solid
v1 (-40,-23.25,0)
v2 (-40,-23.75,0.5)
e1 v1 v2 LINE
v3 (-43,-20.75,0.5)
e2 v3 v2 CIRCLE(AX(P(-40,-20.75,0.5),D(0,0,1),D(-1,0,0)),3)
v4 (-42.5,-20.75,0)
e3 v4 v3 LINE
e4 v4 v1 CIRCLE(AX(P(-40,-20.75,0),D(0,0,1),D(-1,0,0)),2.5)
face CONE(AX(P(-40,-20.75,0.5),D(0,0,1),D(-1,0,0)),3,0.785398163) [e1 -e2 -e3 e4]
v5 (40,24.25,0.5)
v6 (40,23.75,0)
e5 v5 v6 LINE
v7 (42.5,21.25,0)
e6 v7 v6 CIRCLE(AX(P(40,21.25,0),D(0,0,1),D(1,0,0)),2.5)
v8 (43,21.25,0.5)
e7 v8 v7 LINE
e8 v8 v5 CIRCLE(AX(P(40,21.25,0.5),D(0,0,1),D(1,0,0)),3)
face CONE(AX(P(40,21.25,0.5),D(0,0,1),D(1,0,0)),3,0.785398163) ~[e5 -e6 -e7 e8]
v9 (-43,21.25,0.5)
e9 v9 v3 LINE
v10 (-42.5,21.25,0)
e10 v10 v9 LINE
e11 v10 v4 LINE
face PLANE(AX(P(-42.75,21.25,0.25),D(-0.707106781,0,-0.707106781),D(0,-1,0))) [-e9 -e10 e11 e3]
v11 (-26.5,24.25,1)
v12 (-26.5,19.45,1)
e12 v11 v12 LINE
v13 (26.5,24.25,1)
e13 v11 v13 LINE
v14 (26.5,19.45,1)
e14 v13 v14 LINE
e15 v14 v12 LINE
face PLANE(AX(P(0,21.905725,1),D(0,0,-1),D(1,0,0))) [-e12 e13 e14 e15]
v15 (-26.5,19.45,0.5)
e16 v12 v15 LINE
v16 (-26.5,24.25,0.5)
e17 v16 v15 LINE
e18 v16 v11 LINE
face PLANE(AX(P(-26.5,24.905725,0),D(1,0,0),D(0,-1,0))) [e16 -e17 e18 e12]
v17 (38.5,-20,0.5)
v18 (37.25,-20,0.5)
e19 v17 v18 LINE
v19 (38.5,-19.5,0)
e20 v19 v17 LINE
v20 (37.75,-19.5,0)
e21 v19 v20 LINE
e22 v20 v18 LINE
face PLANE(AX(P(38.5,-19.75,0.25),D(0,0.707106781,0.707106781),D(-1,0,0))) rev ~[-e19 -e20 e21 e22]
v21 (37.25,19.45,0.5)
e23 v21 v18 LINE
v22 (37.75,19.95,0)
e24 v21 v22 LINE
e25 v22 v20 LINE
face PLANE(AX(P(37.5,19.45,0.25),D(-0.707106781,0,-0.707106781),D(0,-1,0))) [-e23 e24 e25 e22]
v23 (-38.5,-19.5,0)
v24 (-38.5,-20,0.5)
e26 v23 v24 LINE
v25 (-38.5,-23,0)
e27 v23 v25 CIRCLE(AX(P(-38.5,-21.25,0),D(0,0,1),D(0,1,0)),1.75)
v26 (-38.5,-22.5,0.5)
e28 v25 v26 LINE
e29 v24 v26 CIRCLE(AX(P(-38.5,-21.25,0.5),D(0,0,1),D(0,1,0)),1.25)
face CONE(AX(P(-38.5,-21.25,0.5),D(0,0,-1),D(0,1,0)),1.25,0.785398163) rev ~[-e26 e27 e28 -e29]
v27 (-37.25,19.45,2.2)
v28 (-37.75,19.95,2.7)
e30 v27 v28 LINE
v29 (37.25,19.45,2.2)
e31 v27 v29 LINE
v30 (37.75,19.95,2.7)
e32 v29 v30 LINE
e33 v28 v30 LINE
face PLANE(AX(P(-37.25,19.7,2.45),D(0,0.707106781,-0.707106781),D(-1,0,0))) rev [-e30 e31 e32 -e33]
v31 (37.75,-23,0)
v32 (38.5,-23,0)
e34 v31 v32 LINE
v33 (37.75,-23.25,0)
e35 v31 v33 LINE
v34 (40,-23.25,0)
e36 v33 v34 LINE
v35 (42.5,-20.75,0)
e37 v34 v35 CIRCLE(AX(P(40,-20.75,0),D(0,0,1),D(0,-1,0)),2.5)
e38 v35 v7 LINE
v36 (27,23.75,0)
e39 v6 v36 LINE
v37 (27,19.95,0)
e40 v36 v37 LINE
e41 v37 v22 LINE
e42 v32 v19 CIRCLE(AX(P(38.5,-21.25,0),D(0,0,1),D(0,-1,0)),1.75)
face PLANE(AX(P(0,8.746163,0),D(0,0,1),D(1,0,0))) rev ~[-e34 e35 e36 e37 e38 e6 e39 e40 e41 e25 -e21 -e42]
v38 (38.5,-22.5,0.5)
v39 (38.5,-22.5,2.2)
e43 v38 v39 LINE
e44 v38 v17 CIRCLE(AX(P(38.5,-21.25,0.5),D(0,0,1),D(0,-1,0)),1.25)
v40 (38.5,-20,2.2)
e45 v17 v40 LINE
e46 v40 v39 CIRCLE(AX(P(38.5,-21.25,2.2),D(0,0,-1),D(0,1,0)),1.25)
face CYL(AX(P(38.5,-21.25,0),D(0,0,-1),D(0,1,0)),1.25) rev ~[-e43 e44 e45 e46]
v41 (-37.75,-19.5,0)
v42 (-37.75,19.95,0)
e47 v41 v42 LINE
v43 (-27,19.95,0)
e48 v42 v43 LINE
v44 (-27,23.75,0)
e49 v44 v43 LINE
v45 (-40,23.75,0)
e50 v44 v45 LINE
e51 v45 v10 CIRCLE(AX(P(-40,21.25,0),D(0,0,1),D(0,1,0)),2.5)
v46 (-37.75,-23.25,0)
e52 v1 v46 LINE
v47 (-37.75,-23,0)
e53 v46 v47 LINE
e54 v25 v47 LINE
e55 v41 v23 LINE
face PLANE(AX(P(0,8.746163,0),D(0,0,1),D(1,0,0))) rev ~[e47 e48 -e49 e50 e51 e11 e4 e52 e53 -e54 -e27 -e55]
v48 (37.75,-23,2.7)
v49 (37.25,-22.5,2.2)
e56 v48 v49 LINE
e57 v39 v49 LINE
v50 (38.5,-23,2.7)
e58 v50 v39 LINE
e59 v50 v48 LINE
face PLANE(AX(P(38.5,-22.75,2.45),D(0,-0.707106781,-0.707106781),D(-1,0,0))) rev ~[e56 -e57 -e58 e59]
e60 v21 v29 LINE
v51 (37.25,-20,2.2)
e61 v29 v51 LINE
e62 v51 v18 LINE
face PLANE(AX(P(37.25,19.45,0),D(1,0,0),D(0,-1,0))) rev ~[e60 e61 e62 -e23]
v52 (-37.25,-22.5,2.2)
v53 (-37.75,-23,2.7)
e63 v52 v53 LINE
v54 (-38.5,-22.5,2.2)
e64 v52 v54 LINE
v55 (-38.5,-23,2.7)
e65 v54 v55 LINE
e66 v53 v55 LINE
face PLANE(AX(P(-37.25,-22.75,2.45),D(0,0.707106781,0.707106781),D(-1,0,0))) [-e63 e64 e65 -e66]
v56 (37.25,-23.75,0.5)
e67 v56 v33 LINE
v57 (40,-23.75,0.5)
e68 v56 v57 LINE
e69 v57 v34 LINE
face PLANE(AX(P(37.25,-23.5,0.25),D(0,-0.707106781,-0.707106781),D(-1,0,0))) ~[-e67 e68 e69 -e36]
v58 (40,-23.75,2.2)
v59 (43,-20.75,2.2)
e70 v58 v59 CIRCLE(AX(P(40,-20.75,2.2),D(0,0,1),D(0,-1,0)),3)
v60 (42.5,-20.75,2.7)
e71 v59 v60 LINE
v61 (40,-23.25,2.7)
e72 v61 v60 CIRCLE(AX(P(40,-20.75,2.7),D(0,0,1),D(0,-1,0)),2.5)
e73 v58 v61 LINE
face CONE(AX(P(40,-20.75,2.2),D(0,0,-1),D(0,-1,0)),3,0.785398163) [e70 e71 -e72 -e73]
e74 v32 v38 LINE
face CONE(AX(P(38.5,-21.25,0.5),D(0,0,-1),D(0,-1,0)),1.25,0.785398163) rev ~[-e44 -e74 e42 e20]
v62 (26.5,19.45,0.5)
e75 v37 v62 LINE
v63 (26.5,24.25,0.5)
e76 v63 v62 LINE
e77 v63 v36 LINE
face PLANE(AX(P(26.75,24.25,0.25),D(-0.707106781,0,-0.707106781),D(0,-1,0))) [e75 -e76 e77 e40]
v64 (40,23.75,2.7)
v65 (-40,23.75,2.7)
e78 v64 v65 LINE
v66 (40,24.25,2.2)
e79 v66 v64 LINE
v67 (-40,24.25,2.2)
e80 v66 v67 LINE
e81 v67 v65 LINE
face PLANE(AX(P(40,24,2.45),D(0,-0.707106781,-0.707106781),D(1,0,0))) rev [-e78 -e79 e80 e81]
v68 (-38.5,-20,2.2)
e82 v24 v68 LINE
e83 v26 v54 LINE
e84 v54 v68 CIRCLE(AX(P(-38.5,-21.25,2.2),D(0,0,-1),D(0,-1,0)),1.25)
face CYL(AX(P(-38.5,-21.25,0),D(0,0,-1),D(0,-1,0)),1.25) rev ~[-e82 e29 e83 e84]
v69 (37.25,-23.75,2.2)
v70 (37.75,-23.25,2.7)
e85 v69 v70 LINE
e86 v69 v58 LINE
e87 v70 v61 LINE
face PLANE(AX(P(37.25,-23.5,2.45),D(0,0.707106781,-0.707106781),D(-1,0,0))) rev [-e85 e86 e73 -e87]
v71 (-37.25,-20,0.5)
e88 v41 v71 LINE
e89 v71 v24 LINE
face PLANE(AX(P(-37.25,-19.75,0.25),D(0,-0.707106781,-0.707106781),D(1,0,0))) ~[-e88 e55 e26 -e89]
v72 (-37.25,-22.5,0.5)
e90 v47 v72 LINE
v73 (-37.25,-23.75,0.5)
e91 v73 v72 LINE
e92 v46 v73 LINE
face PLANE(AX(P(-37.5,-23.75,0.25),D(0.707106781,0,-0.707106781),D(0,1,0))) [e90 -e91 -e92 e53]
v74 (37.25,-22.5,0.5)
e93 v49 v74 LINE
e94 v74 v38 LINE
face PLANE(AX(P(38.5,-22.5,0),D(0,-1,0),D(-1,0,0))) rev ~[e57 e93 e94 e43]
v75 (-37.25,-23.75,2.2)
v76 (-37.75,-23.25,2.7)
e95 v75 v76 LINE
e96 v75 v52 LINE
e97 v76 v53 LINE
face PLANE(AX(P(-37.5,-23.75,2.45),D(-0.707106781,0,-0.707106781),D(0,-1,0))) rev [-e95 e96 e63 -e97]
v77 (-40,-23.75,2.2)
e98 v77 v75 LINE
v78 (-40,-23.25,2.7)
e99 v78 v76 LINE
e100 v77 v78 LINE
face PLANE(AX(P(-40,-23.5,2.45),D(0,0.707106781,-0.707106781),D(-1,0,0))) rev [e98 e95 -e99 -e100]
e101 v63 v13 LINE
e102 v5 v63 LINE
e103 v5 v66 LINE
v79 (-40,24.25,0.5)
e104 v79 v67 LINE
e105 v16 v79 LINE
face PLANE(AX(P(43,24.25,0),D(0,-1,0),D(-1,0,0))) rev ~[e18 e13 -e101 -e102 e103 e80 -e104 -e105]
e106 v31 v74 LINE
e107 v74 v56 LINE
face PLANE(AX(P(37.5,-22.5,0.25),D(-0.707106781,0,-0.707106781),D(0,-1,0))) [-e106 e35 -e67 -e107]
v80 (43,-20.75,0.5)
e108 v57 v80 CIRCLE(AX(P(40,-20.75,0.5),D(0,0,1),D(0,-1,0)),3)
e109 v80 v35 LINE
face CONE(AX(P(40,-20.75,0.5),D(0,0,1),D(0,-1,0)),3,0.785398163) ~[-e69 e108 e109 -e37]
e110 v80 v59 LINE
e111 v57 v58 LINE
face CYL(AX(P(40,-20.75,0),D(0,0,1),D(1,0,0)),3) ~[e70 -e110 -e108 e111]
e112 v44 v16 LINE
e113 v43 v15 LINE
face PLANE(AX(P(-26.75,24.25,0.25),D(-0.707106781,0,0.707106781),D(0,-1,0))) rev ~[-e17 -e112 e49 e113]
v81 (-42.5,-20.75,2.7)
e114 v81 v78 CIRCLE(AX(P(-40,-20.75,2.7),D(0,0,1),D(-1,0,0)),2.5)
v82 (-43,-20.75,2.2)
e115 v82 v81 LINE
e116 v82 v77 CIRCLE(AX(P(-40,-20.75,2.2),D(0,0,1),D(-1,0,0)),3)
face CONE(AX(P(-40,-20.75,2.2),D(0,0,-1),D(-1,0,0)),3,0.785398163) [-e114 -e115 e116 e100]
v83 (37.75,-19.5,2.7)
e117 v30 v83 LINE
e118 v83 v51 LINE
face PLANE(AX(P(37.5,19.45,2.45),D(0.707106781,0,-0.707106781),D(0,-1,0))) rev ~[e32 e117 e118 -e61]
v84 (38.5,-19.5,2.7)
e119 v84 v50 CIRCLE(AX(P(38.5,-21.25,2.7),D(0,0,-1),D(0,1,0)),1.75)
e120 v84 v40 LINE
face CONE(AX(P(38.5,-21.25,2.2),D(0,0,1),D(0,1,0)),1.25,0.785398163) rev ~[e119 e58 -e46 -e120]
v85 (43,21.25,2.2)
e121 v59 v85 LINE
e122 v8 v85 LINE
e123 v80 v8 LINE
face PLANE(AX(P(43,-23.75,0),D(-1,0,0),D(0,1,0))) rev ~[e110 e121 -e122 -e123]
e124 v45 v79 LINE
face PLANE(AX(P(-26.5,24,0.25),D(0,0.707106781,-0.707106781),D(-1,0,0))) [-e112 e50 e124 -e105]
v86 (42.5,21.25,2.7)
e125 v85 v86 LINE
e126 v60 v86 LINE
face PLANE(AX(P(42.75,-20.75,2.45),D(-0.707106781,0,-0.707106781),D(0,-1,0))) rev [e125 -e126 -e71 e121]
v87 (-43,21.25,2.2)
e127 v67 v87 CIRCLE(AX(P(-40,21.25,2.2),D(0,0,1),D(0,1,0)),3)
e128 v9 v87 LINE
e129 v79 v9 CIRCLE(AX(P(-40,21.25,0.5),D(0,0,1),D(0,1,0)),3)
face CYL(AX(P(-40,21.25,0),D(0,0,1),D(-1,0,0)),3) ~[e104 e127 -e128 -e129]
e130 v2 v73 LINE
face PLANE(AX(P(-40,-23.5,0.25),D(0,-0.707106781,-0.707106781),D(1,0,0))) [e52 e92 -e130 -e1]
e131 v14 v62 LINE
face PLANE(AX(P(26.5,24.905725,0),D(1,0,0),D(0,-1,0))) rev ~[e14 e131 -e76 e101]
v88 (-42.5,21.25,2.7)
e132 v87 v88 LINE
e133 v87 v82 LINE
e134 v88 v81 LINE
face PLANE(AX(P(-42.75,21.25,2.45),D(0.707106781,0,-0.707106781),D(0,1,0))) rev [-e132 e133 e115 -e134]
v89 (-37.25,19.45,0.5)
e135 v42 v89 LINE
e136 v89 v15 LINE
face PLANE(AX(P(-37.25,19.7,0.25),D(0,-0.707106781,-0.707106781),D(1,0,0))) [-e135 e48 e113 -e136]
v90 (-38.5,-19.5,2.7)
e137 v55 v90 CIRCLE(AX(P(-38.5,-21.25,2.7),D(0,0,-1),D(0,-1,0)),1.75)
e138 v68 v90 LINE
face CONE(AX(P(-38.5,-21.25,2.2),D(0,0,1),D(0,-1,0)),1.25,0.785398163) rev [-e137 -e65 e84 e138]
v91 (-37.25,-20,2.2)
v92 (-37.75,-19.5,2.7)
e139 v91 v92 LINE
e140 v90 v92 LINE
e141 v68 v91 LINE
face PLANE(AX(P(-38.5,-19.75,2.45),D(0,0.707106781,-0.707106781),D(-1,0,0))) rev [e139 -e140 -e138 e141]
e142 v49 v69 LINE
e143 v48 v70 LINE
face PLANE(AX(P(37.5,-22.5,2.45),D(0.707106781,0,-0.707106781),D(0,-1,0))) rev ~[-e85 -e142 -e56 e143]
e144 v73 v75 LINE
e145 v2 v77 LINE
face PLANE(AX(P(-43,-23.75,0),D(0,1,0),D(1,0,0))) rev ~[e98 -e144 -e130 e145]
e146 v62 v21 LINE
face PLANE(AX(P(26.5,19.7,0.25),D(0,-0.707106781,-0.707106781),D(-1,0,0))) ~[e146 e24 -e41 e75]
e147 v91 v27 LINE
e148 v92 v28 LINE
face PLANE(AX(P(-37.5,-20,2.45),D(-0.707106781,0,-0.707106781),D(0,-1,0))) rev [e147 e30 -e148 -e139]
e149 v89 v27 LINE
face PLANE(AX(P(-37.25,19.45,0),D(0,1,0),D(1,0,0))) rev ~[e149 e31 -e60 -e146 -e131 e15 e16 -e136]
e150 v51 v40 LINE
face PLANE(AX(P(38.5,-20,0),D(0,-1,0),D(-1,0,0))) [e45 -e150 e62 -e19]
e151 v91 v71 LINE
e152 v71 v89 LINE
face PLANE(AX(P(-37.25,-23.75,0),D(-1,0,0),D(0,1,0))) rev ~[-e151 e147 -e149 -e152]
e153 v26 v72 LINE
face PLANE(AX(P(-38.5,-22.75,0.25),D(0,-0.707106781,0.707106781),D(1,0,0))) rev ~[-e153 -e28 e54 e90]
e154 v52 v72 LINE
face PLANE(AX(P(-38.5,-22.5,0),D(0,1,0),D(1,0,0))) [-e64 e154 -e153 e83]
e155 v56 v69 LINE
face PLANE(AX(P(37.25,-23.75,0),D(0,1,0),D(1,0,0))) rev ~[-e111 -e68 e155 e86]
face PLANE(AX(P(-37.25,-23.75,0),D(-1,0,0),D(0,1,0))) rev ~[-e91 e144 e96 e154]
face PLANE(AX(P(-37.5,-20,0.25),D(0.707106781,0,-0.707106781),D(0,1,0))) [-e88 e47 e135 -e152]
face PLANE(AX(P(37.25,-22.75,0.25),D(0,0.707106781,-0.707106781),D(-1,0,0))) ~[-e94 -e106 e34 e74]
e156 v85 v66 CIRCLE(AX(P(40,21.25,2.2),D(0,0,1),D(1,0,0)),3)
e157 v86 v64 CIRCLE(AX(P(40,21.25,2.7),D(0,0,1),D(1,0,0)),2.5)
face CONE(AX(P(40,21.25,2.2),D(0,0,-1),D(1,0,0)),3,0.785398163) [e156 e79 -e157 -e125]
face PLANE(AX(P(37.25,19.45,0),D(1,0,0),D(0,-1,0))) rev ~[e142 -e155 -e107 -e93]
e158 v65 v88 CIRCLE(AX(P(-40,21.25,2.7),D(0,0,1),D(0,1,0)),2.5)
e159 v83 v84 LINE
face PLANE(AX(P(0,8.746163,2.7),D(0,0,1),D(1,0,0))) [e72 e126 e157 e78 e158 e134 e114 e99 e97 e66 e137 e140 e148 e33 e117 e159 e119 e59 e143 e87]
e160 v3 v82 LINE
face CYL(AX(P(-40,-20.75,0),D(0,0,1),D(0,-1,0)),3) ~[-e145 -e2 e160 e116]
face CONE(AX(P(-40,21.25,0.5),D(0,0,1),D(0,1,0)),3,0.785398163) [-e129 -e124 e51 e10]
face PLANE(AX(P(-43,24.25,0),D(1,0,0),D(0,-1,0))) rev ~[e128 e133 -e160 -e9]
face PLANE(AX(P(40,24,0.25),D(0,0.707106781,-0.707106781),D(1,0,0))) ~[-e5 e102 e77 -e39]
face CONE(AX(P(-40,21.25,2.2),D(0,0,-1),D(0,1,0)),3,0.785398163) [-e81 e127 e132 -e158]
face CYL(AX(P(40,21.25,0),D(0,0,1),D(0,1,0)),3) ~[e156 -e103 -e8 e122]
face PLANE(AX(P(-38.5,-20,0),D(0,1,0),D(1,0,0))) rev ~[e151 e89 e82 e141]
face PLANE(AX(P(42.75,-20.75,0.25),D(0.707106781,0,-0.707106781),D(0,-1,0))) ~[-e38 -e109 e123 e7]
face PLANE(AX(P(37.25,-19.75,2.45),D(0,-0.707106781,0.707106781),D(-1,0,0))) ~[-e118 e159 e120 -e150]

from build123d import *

# Parameters (mm, degrees)
PAD_DEPTH       = 2.7
SKETCH002_W     = 53
SKETCH002_H     = 6
POCKET_DEPTH    = 1
POCKET001_DEPTH = 2.701
FILLET_R        = 3
CHAMFER_SIZE    = 0.5


with BuildPart() as part:
    # Sketch001 → Pad (new body)
    with BuildSketch(Plane.XY):
        Polygon((-37.25, -23.75), (-37.25, 19.45), (37.25, 19.45), (37.25, -23.75), (43, -23.75), (43, 24.25), (-43, 24.25), (-43, -23.75), align=None)
    extrude(amount=PAD_DEPTH)

    # Sketch002 (on Face9 of Pad) → Pocket (cut)
    with BuildSketch(Plane(origin=(0, 0, 0), x_dir=(1, 0, 0), z_dir=(0, 0, -1))):
        with Locations((0, -21.905725)):
            Rectangle(SKETCH002_W, SKETCH002_H)
    extrude(amount=-POCKET_DEPTH, mode=Mode.SUBTRACT)

    # Sketch003 (on Face4 of Pocket) → Pocket001 (cut, through all)
    with BuildSketch(Plane(origin=(0, 0, 0), x_dir=(1, 0, 0), z_dir=(0, 0, -1))):
        with BuildLine():
            ThreePointArc((38.5, 20), (39.75, 21.25), (38.5, 22.5))
            Line((38.5, 22.5), (36, 22.5))
            Line((36, 22.5), (36, 20))
            Line((38.5, 20), (36, 20))
        make_face()
        with BuildLine():
            ThreePointArc((-38.5, 22.5), (-39.75, 21.25), (-38.5, 20))
            Line((-38.5, 20), (-36, 20))
            Line((-36, 22.5), (-36, 20))
            Line((-38.5, 22.5), (-36, 22.5))
        make_face()
    extrude(amount=-POCKET001_DEPTH, mode=Mode.SUBTRACT)

    # Fillet
    fillet_edges = [part.edges().sort_by_distance(p)[0] for p in [
        (43, -23.75, 1.35),
        (43, 24.25, 1.35),
        (-43, 24.25, 1.35),
        (-43, -23.75, 1.35),
    ]]
    fillet(fillet_edges, radius=FILLET_R)

    # Chamfer
    chamfer_edges = [part.edges().sort_by_distance(p)[0] for p in [
        (-43, 0.25, 0),
        (-42.12132, 23.37132, 0),
        (-42.12132, -22.87132, 0),
        (-33.25, 24.25, 0),
        (-38.625, -23.75, 0),
        (-26.5, 21.85, 0),
        (-37.25, -23.125, 0),
        (-31.875, 19.45, 0),
        (-37.875, -22.5, 0),
        (-37.25, -0.275, 0),
        (-39.75, -21.25, 0),
        (-37.875, -20, 0),
        (33.25, 24.25, 0),
        (42.12132, 23.37132, 0),
        (26.5, 21.85, 0),
        (43, 0.25, 0),
        (31.875, 19.45, 0),
        (42.12132, -22.87132, 0),
        (37.25, -0.275, 0),
        (38.625, -23.75, 0),
        (37.875, -20, 0),
        (37.25, -23.125, 0),
        (39.75, -21.25, 0),
        (37.875, -22.5, 0),
        (-38.625, -23.75, 2.7),
        (-42.12132, -22.87132, 2.7),
        (-37.25, -23.125, 2.7),
        (-43, 0.25, 2.7),
        (-37.875, -22.5, 2.7),
        (-42.12132, 23.37132, 2.7),
        (-39.75, -21.25, 2.7),
        (0, 24.25, 2.7),
        (-37.875, -20, 2.7),
        (42.12132, 23.37132, 2.7),
        (-37.25, -0.275, 2.7),
        (43, 0.25, 2.7),
        (0, 19.45, 2.7),
        (42.12132, -22.87132, 2.7),
        (37.25, -0.275, 2.7),
        (38.625, -23.75, 2.7),
        (37.875, -20, 2.7),
        (37.25, -23.125, 2.7),
        (39.75, -21.25, 2.7),
        (37.875, -22.5, 2.7),
    ]]
    chamfer(chamfer_edges, length=CHAMFER_SIZE)


solid = part.part
